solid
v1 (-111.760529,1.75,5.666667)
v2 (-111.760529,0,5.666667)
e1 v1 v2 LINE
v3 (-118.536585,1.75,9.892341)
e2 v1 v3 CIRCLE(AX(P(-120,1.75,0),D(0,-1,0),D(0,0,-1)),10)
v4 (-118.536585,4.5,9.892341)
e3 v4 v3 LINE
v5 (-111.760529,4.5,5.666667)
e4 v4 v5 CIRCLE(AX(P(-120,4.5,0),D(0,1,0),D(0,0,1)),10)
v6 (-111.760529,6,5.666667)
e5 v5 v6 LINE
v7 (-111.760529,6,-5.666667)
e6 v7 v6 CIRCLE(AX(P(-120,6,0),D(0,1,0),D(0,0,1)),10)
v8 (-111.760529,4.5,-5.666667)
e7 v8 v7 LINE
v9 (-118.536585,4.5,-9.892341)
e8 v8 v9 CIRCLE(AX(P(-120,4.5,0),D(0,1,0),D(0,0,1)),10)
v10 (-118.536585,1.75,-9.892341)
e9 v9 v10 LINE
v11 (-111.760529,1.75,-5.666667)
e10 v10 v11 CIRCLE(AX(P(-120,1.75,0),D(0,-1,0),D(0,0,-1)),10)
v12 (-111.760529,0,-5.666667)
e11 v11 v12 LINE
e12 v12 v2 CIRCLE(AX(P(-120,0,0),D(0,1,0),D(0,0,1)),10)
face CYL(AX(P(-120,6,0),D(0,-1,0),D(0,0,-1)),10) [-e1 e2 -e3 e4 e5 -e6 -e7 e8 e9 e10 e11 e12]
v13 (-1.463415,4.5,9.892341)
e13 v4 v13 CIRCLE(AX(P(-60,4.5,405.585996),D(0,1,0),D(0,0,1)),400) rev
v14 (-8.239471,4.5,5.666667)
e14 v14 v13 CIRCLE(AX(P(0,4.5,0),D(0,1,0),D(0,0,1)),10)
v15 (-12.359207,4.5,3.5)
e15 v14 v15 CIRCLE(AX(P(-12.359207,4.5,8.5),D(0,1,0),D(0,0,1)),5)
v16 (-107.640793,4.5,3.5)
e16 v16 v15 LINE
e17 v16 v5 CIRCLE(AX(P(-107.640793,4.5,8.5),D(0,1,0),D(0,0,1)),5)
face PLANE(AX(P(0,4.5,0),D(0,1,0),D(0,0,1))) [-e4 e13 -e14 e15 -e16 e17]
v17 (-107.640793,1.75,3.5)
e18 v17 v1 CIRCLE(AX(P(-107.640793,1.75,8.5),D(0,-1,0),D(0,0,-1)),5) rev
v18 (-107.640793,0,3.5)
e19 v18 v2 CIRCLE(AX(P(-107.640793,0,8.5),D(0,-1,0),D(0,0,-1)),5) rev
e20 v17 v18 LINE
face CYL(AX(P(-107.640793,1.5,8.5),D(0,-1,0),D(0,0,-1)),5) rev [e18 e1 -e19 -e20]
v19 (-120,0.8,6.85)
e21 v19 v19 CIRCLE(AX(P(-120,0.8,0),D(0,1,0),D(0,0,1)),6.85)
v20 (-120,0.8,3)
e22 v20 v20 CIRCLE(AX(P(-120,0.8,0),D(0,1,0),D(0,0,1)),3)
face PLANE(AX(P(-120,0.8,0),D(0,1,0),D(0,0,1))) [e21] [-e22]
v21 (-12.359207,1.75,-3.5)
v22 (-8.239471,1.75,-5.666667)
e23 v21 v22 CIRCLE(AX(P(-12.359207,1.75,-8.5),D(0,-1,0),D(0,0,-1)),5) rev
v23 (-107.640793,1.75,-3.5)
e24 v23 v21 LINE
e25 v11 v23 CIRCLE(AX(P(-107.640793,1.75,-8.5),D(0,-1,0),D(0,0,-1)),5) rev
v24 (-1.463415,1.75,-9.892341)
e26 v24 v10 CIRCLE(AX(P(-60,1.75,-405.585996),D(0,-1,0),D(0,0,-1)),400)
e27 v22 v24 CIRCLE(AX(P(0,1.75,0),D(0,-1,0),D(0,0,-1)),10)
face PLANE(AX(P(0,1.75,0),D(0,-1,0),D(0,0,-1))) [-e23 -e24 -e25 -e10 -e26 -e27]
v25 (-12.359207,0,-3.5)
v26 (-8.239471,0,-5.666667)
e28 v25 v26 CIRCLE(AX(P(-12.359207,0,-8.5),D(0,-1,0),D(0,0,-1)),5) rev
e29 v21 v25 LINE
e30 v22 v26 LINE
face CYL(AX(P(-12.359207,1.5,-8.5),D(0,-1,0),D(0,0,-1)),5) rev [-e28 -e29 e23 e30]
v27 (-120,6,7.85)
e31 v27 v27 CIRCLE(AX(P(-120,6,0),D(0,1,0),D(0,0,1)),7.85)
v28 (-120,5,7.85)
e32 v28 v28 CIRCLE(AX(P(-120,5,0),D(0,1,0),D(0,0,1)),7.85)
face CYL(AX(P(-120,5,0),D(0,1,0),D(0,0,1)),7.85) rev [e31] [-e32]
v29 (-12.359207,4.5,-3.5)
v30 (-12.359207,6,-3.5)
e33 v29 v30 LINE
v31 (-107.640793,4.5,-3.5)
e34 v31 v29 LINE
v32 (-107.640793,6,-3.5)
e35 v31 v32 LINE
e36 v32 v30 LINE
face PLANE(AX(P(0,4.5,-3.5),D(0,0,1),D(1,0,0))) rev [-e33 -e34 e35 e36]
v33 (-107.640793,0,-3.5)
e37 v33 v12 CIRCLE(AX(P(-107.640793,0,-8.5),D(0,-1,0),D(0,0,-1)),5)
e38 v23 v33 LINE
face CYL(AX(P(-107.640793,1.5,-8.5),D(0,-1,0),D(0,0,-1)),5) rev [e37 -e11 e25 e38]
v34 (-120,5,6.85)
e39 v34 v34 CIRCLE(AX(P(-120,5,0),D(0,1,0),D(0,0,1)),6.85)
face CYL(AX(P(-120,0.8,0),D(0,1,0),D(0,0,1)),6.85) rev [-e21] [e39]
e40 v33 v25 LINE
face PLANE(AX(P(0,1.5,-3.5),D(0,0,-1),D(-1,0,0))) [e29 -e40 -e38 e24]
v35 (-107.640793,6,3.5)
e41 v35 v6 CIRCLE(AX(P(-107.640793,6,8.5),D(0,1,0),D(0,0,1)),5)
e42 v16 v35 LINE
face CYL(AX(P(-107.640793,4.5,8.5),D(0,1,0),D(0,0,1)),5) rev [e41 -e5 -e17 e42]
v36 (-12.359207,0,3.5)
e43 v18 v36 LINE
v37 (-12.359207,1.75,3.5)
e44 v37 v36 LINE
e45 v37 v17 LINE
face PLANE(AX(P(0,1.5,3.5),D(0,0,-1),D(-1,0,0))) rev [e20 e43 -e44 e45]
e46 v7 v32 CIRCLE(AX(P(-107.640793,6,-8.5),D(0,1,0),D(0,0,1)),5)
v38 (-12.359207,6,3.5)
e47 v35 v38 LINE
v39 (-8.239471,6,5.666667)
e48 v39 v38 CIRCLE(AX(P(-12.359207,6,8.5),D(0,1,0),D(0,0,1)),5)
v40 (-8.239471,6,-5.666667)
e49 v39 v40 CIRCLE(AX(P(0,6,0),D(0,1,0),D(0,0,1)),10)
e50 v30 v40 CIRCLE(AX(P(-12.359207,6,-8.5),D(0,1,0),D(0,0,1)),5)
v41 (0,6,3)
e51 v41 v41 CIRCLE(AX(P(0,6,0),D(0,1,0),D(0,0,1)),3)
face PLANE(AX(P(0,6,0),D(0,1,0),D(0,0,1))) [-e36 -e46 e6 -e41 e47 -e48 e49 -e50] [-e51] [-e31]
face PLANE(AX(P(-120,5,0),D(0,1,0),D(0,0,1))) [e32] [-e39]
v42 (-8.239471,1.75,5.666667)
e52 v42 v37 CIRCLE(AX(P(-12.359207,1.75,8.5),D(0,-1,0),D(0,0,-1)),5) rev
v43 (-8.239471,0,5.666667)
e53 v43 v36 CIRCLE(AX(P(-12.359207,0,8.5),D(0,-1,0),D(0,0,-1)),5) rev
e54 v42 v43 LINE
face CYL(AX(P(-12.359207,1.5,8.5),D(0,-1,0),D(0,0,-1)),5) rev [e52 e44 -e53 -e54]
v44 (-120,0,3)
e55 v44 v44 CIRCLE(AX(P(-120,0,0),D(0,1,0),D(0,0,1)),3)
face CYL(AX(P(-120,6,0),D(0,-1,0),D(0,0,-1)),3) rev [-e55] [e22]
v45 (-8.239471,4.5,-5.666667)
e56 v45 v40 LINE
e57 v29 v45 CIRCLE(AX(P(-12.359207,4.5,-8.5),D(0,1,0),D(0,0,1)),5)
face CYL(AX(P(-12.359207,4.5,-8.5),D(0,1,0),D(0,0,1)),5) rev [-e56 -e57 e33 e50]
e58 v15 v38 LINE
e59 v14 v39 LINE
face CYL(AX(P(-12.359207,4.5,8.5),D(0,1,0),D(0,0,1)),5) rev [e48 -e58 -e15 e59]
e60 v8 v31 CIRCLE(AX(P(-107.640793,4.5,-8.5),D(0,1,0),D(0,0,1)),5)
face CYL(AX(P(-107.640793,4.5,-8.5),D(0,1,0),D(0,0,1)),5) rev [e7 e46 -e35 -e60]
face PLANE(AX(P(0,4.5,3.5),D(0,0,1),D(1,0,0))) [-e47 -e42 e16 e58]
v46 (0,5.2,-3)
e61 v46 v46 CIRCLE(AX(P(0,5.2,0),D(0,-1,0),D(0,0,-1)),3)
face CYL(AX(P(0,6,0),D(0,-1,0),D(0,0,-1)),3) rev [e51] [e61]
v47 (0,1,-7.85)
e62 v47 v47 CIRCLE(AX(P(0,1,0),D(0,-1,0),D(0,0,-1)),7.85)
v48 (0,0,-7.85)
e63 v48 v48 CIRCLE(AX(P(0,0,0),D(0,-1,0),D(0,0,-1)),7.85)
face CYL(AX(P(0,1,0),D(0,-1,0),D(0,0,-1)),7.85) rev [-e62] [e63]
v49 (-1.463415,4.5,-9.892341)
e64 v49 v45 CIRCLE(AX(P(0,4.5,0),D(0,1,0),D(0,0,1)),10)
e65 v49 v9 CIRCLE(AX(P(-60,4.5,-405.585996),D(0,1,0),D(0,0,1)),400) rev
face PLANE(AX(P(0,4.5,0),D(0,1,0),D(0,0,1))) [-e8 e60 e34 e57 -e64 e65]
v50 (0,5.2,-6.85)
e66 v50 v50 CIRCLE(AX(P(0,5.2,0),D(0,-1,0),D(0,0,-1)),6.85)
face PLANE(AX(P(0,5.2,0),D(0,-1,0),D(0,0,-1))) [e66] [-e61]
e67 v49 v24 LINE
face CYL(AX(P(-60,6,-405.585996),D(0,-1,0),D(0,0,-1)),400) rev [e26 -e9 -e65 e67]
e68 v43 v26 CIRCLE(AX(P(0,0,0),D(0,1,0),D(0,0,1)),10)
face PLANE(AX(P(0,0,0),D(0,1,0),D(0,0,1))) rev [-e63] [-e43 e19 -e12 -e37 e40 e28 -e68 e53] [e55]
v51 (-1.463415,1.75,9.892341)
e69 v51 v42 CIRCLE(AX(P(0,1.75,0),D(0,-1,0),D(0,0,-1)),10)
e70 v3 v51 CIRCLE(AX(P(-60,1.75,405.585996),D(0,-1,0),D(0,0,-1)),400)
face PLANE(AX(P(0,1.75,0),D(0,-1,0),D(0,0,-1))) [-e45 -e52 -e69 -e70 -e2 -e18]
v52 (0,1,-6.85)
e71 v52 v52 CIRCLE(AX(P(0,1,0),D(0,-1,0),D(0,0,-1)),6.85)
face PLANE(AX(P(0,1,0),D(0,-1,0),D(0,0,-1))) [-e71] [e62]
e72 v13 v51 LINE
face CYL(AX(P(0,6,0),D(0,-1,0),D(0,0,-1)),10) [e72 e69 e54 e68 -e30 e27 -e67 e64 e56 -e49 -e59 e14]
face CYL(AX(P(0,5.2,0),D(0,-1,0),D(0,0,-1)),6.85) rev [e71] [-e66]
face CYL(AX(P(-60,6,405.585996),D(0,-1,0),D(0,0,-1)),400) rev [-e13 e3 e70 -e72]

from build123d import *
from build123d.topology import SkipClean

# Parameters (mm, degrees)
SKETCH1_R           = 10
SKETCH1_R_2         = 7.85
SKETCH1_R_3         = 3
BOSS_EXTRUDE3_DEPTH = 6
SKETCH2_R           = 7.85
CUT_EXTRUDE1_DEPTH  = 1
SKETCH3_R           = 6.85
CUT_EXTRUDE2_DEPTH  = 4.2
SKETCH5_R           = 7.85
SKETCH5_R_2         = 3
CUT_EXTRUDE3_DEPTH  = 1
SKETCH6_R           = 6.85
CUT_EXTRUDE4_DEPTH  = 4.2
CUT_EXTRUDE5_DEPTH  = 1.5
CUT_EXTRUDE6_START  = -1.5
CUT_EXTRUDE6_DEPTH  = 1.5
CUT_EXTRUDE9_DEPTH  = 1.75


with BuildPart() as part:
    # Sketch1 → Boss-Extrude3 (new body)
    # profile 1 of 5: a face of its own
    with BuildSketch(Plane(origin=(0, 0, 0), x_dir=(1, 0, 0), z_dir=(0, 1, 0))):
        with Locations((-120, 0)):
            Circle(SKETCH1_R)
        with Locations((-120, 0)):
            Circle(SKETCH1_R_2, mode=Mode.SUBTRACT)
    # profile 2 of 5: a face of its own
    with BuildSketch(Plane(origin=(0, 0, 0), x_dir=(1, 0, 0), z_dir=(0, 1, 0))):
        with Locations((-120, 0)):
            Circle(SKETCH1_R_2)
        with Locations(Location((-120, 0, 0), (0, 0, 270))):
            Circle(SKETCH1_R_3, mode=Mode.SUBTRACT)
    # profile 3 of 5: a face of its own
    with BuildSketch(Plane(origin=(0, 0, 0), x_dir=(1, 0, 0), z_dir=(0, 1, 0))):
        with BuildLine():
            ThreePointArc((-1.463415785, -9.892341191), (-10, 3.94e-07), (-1.463415006, 9.892341306))
            ThreePointArc((-1.463415006, 9.892341306), (-60.000000188, 5.585995813), (-118.536585366, 9.892341361))
            ThreePointArc((-118.536585366, 9.892341361), (-112.429196002, 6.533217188), (-110, 0))
            ThreePointArc((-110, 0), (-112.429196002, -6.533217188), (-118.536585366, -9.892341361))
            ThreePointArc((-118.536585366, -9.892341361), (-60.000000582, -5.585995813), (-1.463415785, -9.892341191))
        make_face()
    # profile 4 of 5: a face of its own
    with BuildSketch(Plane(origin=(0, 0, 0), x_dir=(1, 0, 0), z_dir=(0, 1, 0))):
        Circle(SKETCH1_R)
        Circle(SKETCH1_R_2, mode=Mode.SUBTRACT)
    # profile 5 of 5: a face of its own
    with BuildSketch(Plane(origin=(0, 0, 0), x_dir=(1, 0, 0), z_dir=(0, 1, 0))):
        Circle(SKETCH1_R_2)
        with Locations(Location((0, 0, 0), (0, 0, 270))):
            Circle(SKETCH1_R_3, mode=Mode.SUBTRACT)
    extrude(amount=BOSS_EXTRUDE3_DEPTH)

    # Sketch2 → Cut-Extrude1 (cut)
    with BuildSketch(Plane(origin=(0, 6, 0), x_dir=(1, 0, 0), z_dir=(0, 1, 0))):
        with Locations(Location((-120, 0, 0), (0, 0, 270))):
            Circle(SKETCH2_R)
    extrude(amount=-CUT_EXTRUDE1_DEPTH, mode=Mode.SUBTRACT)

    # Sketch3 → Cut-Extrude2 (cut)
    with BuildSketch(Plane(origin=(0, 5, 0), x_dir=(1, 0, 0), z_dir=(0, 1, 0))):
        with Locations(Location((-120, 0, 0), (0, 0, 270))):
            Circle(SKETCH3_R)
    extrude(amount=-CUT_EXTRUDE2_DEPTH, mode=Mode.SUBTRACT)

    # Sketch5 → Cut-Extrude3 (cut)
    with BuildSketch(Plane.XZ):
        with Locations(Location((0, 0, 0), (0, 0, 270))):
            Circle(SKETCH5_R)
        with Locations(Location((0, 0, 0), (0, 0, 270))):
            Circle(SKETCH5_R_2, mode=Mode.SUBTRACT)
    extrude(amount=-CUT_EXTRUDE3_DEPTH, mode=Mode.SUBTRACT)

    # Sketch6 → Cut-Extrude4 (cut)
    with BuildSketch(Plane.XZ.offset(-1)):
        with Locations(Location((0, 0, 0), (0, 0, 270))):
            Circle(SKETCH6_R)
    extrude(amount=-CUT_EXTRUDE4_DEPTH, mode=Mode.SUBTRACT)

    # Sketch7 → Cut-Extrude5 (cut)
    with BuildSketch(Plane.XZ):
        with BuildLine():
            ThreePointArc((-8.239471396, 5.666666667), (-5.29155752, 8.485247139), (-1.463414634, 9.892341361))
            ThreePointArc((-1.463414634, 9.892341361), (-60, 5.585995813), (-118.536585366, 9.892341361))
            ThreePointArc((-118.536585366, 9.892341361), (-114.70844248, 8.485247139), (-111.760528604, 5.666666667))
            ThreePointArc((-111.760528604, 5.666666667), (-109.968166246, 4.074693984), (-107.640792906, 3.5))
            Line((-107.640792906, 3.5), (-12.359207094, 3.5))
            ThreePointArc((-12.359207094, 3.5), (-10.031833754, 4.074693984), (-8.239471396, 5.666666667))
        make_face()
        with BuildLine():
            ThreePointArc((-118.536585366, -9.892341361), (-60, -5.585995813), (-1.463414634, -9.892341361))
            ThreePointArc((-1.463414634, -9.892341361), (-5.29155752, -8.485247139), (-8.239471396, -5.666666667))
            ThreePointArc((-8.239471396, -5.666666667), (-10.031833754, -4.074693984), (-12.359207094, -3.5))
            Line((-12.359207094, -3.5), (-107.640792906, -3.5))
            ThreePointArc((-107.640792906, -3.5), (-109.968166246, -4.074693984), (-111.760528604, -5.666666667))
            ThreePointArc((-111.760528604, -5.666666667), (-114.70844248, -8.485247139), (-118.536585366, -9.892341361))
        make_face()
    extrude(amount=-CUT_EXTRUDE5_DEPTH, mode=Mode.SUBTRACT)

    # Sketch8 → Cut-Extrude6 (cut)
    with SkipClean():  # the faces are left unmerged after this step: merging them gives an invalid solid
        with BuildSketch(Plane(origin=(0, 6, 0), x_dir=(1, 0, 0), z_dir=(0, 1, 0)).offset(CUT_EXTRUDE6_START)):
            with BuildLine():
                ThreePointArc((-1.463414634, 9.892341361), (-60, 5.585995813), (-118.536585366, 9.892341361))
                ThreePointArc((-118.536585366, 9.892341361), (-114.70844248, 8.485247139), (-111.760528604, 5.666666667))
                ThreePointArc((-111.760528604, 5.666666667), (-109.968166246, 4.074693984), (-107.640792906, 3.5))
                Line((-107.640792906, 3.5), (-12.359207094, 3.5))
                ThreePointArc((-12.359207094, 3.5), (-10.031833754, 4.074693984), (-8.239471396, 5.666666667))
                ThreePointArc((-8.239471396, 5.666666667), (-5.29155752, 8.485247139), (-1.463414634, 9.892341361))
            make_face()
            with BuildLine():
                Line((-12.359207094, -3.5), (-107.640792906, -3.5))
                ThreePointArc((-107.640792906, -3.5), (-109.968166246, -4.074693984), (-111.760528604, -5.666666667))
                ThreePointArc((-111.760528604, -5.666666667), (-114.70844248, -8.485247139), (-118.536585366, -9.892341361))
                ThreePointArc((-118.536585366, -9.892341361), (-60, -5.585995813), (-1.463414634, -9.892341361))
                ThreePointArc((-1.463414634, -9.892341361), (-5.29155752, -8.485247139), (-8.239471396, -5.666666667))
                ThreePointArc((-8.239471396, -5.666666667), (-10.031833754, -4.074693984), (-12.359207094, -3.5))
            make_face()
        extrude(amount=CUT_EXTRUDE6_DEPTH, mode=Mode.SUBTRACT)

    # Sketch10 → Cut-Extrude9 (cut)
    with BuildSketch(Plane.XZ):
        with BuildLine():
            ThreePointArc((-1.463414634, 9.892341361), (-60, 5.585995813), (-118.536585366, 9.892341361))
            ThreePointArc((-118.536585366, 9.892341361), (-114.70844248, 8.485247139), (-111.760528604, 5.666666667))
            ThreePointArc((-111.760528604, 5.666666667), (-109.968166246, 4.074693984), (-107.640792906, 3.5))
            Line((-107.640792906, 3.5), (-12.359207094, 3.5))
            ThreePointArc((-12.359207094, 3.5), (-10.031833754, 4.074693984), (-8.239471396, 5.666666667))
            ThreePointArc((-8.239471396, 5.666666667), (-5.29155752, 8.485247139), (-1.463414634, 9.892341361))
        make_face()
        with BuildLine():
            Line((-12.359207094, -3.5), (-107.640792906, -3.5))
            ThreePointArc((-107.640792906, -3.5), (-109.968166246, -4.074693984), (-111.760528604, -5.666666667))
            ThreePointArc((-111.760528604, -5.666666667), (-114.70844248, -8.485247139), (-118.536585366, -9.892341361))
            ThreePointArc((-118.536585366, -9.892341361), (-60, -5.585995813), (-1.463414634, -9.892341361))
            ThreePointArc((-1.463414634, -9.892341361), (-5.29155752, -8.485247139), (-8.239471396, -5.666666667))
            ThreePointArc((-8.239471396, -5.666666667), (-10.031833754, -4.074693984), (-12.359207094, -3.5))
        make_face()
    extrude(amount=-CUT_EXTRUDE9_DEPTH, mode=Mode.SUBTRACT)


solid = part.part
